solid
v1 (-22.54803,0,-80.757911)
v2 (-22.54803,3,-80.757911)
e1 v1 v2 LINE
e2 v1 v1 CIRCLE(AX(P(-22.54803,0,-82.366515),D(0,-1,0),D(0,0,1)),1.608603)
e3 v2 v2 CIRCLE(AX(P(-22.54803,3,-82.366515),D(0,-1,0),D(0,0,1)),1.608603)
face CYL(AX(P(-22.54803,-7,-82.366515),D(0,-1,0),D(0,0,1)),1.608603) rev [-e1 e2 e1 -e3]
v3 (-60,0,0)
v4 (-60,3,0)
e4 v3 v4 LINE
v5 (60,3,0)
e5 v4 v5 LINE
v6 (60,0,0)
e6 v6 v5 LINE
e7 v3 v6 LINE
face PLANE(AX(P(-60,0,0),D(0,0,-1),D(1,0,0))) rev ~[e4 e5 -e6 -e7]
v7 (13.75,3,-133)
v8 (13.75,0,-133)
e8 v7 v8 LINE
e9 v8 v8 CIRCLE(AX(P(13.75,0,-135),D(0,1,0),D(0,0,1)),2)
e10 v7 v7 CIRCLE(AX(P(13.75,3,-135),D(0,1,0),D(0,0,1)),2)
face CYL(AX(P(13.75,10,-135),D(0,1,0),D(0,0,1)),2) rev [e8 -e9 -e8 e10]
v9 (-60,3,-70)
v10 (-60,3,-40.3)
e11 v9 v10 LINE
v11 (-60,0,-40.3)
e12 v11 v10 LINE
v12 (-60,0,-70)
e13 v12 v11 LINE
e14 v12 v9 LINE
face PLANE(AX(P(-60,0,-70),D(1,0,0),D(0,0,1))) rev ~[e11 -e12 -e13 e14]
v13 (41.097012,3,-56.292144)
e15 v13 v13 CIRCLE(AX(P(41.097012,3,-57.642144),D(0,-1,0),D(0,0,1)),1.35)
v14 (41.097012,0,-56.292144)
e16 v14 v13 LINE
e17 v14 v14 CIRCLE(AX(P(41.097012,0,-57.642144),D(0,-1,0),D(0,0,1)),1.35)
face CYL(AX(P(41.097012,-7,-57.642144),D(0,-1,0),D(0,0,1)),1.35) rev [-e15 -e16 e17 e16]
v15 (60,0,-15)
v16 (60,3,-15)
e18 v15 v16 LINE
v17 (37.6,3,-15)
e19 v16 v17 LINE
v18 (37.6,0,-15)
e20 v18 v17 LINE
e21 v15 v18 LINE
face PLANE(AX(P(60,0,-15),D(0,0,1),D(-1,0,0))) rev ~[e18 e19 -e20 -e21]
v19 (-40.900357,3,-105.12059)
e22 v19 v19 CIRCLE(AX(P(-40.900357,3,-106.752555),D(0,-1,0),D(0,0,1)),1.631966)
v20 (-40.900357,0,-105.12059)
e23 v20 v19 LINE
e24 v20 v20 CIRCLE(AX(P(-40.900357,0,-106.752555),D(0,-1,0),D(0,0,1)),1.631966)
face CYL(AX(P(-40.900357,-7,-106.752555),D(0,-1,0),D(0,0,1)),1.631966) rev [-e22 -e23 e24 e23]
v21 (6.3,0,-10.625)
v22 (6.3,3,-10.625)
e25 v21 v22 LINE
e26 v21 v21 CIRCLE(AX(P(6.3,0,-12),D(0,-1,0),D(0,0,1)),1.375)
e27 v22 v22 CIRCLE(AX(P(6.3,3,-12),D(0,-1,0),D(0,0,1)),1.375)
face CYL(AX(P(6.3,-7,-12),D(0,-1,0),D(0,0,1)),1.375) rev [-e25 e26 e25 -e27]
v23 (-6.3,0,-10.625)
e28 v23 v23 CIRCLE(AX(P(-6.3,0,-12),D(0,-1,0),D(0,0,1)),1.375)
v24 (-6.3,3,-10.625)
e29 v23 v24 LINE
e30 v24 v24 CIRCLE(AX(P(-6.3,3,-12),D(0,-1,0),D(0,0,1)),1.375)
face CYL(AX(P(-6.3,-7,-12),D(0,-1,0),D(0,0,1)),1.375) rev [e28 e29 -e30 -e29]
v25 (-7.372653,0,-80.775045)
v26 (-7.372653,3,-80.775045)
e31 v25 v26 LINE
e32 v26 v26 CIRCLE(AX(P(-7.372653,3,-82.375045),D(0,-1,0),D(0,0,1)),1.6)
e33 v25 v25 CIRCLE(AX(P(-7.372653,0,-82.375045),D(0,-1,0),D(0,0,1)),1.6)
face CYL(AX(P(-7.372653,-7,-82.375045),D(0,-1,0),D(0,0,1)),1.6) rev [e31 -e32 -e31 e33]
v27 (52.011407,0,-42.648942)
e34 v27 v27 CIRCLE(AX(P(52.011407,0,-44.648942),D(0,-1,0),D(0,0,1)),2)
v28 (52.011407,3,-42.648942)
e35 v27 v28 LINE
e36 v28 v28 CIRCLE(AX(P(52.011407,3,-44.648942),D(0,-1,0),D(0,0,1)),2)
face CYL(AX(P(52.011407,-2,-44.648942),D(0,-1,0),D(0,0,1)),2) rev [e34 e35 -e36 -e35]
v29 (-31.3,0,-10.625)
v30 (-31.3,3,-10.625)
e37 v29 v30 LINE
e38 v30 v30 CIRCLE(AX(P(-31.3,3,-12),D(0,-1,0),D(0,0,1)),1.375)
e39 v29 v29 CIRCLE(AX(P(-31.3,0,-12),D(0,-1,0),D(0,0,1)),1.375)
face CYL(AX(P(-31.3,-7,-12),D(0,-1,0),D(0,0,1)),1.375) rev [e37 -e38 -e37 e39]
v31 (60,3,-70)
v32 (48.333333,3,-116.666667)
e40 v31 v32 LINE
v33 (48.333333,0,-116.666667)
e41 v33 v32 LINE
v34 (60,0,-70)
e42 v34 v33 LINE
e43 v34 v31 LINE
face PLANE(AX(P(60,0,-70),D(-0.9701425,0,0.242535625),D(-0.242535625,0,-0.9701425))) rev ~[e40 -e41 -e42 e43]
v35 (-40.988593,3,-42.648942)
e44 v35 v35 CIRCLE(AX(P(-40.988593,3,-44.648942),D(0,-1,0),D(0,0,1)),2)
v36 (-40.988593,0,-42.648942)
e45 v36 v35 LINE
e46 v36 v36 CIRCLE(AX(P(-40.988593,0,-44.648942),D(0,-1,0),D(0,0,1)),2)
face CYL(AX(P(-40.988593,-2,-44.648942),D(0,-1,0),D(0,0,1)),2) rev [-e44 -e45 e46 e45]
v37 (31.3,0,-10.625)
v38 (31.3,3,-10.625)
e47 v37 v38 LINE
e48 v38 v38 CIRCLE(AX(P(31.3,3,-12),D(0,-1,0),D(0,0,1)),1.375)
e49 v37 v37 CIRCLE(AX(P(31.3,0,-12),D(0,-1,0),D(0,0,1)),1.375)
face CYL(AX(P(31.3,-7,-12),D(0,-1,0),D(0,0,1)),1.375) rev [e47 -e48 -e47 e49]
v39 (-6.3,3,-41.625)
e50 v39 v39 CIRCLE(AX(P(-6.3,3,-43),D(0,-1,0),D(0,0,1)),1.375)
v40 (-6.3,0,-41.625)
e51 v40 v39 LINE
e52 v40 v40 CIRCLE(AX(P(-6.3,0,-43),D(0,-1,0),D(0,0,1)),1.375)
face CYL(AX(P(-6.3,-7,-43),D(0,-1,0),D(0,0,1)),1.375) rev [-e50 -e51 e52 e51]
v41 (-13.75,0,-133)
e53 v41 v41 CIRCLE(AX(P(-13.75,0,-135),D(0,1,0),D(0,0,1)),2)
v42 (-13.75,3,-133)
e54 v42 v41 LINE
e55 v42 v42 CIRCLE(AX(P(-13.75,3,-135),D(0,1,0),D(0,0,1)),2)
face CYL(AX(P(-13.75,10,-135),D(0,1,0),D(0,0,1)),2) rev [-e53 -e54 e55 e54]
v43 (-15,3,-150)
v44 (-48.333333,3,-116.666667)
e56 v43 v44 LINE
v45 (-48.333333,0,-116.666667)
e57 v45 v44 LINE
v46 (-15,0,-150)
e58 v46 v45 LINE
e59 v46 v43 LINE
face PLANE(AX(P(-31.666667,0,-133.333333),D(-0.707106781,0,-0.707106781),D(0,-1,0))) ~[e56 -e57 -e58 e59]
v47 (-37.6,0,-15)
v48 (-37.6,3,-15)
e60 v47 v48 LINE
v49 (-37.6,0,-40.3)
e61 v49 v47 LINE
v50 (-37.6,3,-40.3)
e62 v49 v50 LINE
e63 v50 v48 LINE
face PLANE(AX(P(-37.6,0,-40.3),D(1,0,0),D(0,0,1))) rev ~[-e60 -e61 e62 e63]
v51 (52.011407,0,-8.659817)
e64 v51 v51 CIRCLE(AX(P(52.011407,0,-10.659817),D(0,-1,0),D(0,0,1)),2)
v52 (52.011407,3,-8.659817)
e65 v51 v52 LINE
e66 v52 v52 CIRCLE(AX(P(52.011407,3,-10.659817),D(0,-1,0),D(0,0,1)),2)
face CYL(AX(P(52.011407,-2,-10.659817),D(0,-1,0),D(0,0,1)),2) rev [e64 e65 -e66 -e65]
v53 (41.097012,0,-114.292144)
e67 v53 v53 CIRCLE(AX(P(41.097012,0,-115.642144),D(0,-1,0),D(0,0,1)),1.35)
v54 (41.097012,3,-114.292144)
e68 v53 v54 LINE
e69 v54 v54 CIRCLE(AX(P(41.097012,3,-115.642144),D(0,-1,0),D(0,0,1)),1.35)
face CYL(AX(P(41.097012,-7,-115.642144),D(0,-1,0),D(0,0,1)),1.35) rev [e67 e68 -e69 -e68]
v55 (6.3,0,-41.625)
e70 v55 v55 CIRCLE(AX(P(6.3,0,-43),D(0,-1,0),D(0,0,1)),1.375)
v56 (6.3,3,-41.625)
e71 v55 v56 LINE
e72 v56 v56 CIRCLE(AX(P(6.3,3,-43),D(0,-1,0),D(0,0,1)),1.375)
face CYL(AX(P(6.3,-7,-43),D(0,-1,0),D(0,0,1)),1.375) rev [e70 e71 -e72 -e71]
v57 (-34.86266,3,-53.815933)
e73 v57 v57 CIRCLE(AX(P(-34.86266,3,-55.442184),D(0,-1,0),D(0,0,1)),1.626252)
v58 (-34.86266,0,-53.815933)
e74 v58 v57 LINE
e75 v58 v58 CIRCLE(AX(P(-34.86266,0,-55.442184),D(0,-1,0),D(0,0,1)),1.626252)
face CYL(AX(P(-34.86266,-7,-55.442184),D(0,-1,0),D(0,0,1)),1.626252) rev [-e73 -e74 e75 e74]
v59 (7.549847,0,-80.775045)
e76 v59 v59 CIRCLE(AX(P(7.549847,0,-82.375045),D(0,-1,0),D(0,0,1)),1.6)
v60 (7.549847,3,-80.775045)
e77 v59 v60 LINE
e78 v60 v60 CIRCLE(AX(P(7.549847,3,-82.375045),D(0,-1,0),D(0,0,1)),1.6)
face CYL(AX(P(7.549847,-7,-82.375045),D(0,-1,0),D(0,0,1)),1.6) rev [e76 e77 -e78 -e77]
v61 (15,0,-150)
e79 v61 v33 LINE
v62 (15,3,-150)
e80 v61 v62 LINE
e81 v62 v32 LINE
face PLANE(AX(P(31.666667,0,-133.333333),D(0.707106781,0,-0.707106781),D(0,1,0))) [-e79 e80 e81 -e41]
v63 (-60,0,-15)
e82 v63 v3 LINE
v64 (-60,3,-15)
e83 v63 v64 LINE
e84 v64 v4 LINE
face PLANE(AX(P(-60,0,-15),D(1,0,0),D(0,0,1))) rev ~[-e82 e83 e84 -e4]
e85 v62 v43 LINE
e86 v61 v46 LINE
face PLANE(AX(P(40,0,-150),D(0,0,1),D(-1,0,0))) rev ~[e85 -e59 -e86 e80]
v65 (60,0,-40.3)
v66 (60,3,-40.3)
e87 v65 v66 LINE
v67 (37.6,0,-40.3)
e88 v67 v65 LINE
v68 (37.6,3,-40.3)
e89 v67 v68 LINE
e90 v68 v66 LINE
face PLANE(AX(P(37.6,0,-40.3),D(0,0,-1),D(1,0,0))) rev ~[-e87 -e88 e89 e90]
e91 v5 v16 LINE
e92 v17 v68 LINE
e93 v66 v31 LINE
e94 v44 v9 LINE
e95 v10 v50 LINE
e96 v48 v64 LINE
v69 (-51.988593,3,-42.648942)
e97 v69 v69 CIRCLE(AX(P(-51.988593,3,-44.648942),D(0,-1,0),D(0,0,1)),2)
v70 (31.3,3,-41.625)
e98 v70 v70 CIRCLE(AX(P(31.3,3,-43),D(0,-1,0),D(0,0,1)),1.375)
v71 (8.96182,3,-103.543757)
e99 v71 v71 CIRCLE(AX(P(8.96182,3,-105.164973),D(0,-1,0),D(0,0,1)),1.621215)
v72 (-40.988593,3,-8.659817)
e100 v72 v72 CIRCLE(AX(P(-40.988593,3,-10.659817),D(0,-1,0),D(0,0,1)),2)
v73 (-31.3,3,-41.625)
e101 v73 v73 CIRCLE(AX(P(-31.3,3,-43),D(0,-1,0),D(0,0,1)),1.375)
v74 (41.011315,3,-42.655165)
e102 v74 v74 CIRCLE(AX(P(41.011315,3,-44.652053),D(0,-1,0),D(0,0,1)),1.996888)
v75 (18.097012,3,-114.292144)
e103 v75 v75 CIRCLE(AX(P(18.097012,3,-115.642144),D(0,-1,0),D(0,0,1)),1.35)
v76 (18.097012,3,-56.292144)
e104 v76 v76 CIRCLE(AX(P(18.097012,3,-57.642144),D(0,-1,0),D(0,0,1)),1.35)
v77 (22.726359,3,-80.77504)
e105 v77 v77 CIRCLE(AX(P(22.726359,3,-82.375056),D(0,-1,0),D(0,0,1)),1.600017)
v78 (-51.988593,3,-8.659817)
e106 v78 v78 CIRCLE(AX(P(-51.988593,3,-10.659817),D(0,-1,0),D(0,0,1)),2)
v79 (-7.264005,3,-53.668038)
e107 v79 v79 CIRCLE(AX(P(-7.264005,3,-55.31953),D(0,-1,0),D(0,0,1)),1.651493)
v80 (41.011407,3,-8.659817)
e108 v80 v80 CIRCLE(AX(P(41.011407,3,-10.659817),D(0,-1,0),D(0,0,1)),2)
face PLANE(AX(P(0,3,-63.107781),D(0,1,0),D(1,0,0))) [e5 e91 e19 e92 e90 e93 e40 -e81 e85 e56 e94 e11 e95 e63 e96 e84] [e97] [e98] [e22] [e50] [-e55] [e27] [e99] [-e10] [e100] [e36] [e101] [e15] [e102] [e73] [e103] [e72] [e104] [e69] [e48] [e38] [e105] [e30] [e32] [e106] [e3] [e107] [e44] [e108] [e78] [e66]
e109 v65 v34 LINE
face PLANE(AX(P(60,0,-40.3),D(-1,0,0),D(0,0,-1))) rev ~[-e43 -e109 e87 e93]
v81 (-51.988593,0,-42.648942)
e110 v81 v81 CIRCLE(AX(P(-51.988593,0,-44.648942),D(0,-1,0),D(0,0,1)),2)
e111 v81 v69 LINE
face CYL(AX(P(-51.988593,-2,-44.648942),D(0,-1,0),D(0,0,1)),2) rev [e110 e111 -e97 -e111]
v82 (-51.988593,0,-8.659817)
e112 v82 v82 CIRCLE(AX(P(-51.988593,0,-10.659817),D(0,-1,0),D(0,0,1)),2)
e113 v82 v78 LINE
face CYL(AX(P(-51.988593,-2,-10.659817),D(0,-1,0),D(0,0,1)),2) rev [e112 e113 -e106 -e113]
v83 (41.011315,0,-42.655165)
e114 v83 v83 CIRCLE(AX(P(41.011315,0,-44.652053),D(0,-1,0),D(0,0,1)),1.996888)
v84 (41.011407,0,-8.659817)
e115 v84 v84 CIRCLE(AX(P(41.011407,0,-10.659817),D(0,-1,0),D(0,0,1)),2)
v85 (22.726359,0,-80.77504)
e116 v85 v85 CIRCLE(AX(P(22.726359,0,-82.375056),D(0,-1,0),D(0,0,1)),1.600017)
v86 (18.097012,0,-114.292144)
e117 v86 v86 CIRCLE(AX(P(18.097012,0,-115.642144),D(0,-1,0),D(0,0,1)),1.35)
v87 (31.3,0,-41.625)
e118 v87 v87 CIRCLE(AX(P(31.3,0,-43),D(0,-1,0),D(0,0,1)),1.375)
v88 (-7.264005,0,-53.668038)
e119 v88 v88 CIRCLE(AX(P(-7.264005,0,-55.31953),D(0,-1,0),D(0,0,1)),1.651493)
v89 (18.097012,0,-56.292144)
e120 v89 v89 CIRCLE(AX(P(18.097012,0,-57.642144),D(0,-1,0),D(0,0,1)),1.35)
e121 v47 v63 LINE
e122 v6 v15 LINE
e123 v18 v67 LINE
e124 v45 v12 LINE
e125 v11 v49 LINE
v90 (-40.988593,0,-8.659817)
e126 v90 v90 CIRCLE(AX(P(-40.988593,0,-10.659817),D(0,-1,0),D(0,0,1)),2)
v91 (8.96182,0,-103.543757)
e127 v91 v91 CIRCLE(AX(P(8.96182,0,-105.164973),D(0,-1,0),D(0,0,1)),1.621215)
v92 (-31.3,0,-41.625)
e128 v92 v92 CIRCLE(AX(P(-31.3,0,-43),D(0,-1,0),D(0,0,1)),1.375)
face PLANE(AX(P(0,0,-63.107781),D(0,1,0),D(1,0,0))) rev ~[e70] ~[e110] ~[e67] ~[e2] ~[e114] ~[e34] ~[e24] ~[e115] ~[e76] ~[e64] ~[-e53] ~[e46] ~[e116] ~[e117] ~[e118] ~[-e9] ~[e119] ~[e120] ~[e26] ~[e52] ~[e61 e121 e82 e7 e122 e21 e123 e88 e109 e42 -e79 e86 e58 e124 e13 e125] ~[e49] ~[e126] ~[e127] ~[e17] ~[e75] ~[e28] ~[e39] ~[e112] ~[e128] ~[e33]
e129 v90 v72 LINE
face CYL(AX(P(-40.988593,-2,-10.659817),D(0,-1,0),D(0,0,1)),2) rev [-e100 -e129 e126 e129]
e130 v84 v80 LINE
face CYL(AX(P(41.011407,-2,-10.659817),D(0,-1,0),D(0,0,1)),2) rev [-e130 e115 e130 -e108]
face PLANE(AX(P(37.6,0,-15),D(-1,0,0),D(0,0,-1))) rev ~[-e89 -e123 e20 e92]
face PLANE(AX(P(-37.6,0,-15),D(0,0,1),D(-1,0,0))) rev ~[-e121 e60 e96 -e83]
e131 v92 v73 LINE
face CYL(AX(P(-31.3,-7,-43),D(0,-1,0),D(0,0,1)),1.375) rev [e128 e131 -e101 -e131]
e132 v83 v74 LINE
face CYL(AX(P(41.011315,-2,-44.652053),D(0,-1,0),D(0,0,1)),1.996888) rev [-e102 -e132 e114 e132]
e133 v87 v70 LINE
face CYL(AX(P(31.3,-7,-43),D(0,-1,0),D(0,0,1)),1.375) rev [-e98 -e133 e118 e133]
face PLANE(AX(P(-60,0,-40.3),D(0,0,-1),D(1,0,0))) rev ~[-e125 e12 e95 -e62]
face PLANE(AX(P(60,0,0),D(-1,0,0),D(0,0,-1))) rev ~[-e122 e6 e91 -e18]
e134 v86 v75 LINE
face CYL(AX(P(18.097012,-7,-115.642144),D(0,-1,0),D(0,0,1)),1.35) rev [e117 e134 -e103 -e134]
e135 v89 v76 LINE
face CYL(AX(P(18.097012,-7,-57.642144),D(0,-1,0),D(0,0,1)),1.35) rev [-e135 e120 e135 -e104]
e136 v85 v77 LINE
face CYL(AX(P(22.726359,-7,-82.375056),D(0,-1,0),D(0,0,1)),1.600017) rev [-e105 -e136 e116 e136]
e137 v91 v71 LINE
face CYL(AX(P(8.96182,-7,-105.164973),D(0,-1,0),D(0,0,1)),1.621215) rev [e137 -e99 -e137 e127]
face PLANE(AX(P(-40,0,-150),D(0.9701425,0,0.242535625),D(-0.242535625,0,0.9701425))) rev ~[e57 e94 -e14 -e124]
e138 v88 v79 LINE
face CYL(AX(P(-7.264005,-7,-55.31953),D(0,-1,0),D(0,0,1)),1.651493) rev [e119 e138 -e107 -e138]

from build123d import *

# Parameters (mm, degrees)
BOSS_EXTRUDE1_DEPTH     = 3
CUT_EXTRUDE1_DEPTH      = 10
CUT_EXTRUDE1_DEPTH_BACK = 10
SKETCH2_R               = 1.375
CUT_EXTRUDE2_DEPTH      = 10
CUT_EXTRUDE2_DEPTH_BACK = 10
SKETCH4_R               = 1.6086033
SKETCH4_R_2             = 1.6
SKETCH4_R_3             = 1.600016576
SKETCH4_R_4             = 1.599999999
CUT_EXTRUDE3_DEPTH      = 5
CUT_EXTRUDE3_DEPTH_BACK = 5
SKETCH5_R               = 2
SKETCH5_R_2             = 1.996887868
CHAMFER1_SIZE           = 25
CHAMFER1_SIZE2          = 34.359213547
CUT_EXTRUDE4_DEPTH      = 10
CUT_EXTRUDE4_DEPTH_BACK = 10
SKETCH6_R               = 1.631965818
SKETCH6_R_2             = 1.621215412
SKETCH6_R_3             = 1.651492617
SKETCH6_R_4             = 1.62625173
CUT_EXTRUDE5_DEPTH      = 10
CUT_EXTRUDE5_DEPTH_BACK = 10
SKETCH7_R               = 1.35
CUT_EXTRUDE6_DEPTH      = 10
CUT_EXTRUDE6_DEPTH_BACK = 10
SKETCH8_R               = 2


with BuildPart() as part:
    # Sketch1 → Boss-Extrude1 (new body)
    with BuildSketch(Plane(origin=(0, 0, 0), x_dir=(1, 0, 0), z_dir=(0, 1, 0))):
        Polygon((-60, 15), (-60, 0), (60, 0), (60, 15), (37.6, 15), (37.6, 40.3), (60, 40.3), (60, 70), (40, 150), (-40, 150), (-60, 70), (-60, 40.3), (-37.6, 40.3), (-37.6, 15), align=None)
    extrude(amount=BOSS_EXTRUDE1_DEPTH)

    # Sketch2 → Cut-Extrude1 (cut, two sides: drawn at the far end of the back side and taken through both)
    with BuildSketch(Plane(origin=(0, 3, 0), x_dir=(1, 0, 0), z_dir=(0, 1, 0)).offset(-CUT_EXTRUDE1_DEPTH_BACK)):
        with Locations((-31.3, 43)):
            Circle(SKETCH2_R)
        with Locations((-6.3, 43)):
            Circle(SKETCH2_R)
        with Locations((-6.3, 12)):
            Circle(SKETCH2_R)
        with Locations((-31.3, 12)):
            Circle(SKETCH2_R)
        with Locations((6.3, 43)):
            Circle(SKETCH2_R)
        with Locations((31.3, 43)):
            Circle(SKETCH2_R)
        with Locations((31.3, 12)):
            Circle(SKETCH2_R)
        with Locations((6.3, 12)):
            Circle(SKETCH2_R)
    extrude(amount=CUT_EXTRUDE1_DEPTH + CUT_EXTRUDE1_DEPTH_BACK, mode=Mode.SUBTRACT)

    # Sketch4 → Cut-Extrude2 (cut, two sides: drawn at the far end of the back side and taken through both)
    with BuildSketch(Plane(origin=(0, 3, 0), x_dir=(1, 0, 0), z_dir=(0, 1, 0)).offset(-CUT_EXTRUDE2_DEPTH_BACK)):
        with Locations((-22.548030216, 82.366514772)):
            Circle(SKETCH4_R)
        with Locations((-7.372652758, 82.375044524)):
            Circle(SKETCH4_R_2)
        with Locations((22.726359118, 82.375056093)):
            Circle(SKETCH4_R_3)
        with Locations((7.549847242, 82.375044524)):
            Circle(SKETCH4_R_4)
    extrude(amount=CUT_EXTRUDE2_DEPTH + CUT_EXTRUDE2_DEPTH_BACK, mode=Mode.SUBTRACT)

    # Sketch5 → Cut-Extrude3 (cut, two sides: drawn at the far end of the back side and taken through both)
    with BuildSketch(Plane(origin=(0, 3, 0), x_dir=(1, 0, 0), z_dir=(0, 1, 0)).offset(-CUT_EXTRUDE3_DEPTH_BACK)):
        with Locations((-51.988593255, 44.648942023)):
            Circle(SKETCH5_R)
        with Locations((-40.988593255, 44.648942023)):
            Circle(SKETCH5_R)
        with Locations((-51.988593255, 10.65981673)):
            Circle(SKETCH5_R)
        with Locations((-40.988593255, 10.65981673)):
            Circle(SKETCH5_R)
        with Locations((41.011406745, 10.65981673)):
            Circle(SKETCH5_R)
        with Locations((52.011406745, 10.65981673)):
            Circle(SKETCH5_R)
        with Locations((52.011406745, 44.648942023)):
            Circle(SKETCH5_R)
        with Locations((41.01131511, 44.652052806)):
            Circle(SKETCH5_R_2)
    extrude(amount=CUT_EXTRUDE3_DEPTH + CUT_EXTRUDE3_DEPTH_BACK, mode=Mode.SUBTRACT)

    # Chamfer1
    chamfer1_edges = [part.edges().sort_by_distance(p)[0] for p in [
        (-40, 1.5, -150),
        (40, 1.5, -150),
    ]]
    chamfer1_side = [part.faces().sort_by_distance(p)[0] for p in [
        (0, 1.5, -150),
    ]]
    chamfer(chamfer1_edges, length=CHAMFER1_SIZE, length2=CHAMFER1_SIZE2, reference=chamfer1_side[0])

    # Sketch6 → Cut-Extrude4 (cut, two sides: drawn at the far end of the back side and taken through both)
    with BuildSketch(Plane(origin=(0, 3, 0), x_dir=(1, 0, 0), z_dir=(0, 1, 0)).offset(-CUT_EXTRUDE4_DEPTH_BACK)):
        with Locations((-40.900357492, 106.752555334)):
            Circle(SKETCH6_R)
        with Locations((8.961819516, 105.164972563)):
            Circle(SKETCH6_R_2)
        with Locations((-7.264004675, 55.319530138)):
            Circle(SKETCH6_R_3)
        with Locations((-34.862659576, 55.442184264)):
            Circle(SKETCH6_R_4)
    extrude(amount=CUT_EXTRUDE4_DEPTH + CUT_EXTRUDE4_DEPTH_BACK, mode=Mode.SUBTRACT)

    # Sketch7 → Cut-Extrude5 (cut, two sides: drawn at the far end of the back side and taken through both)
    with BuildSketch(Plane(origin=(0, 3, 0), x_dir=(1, 0, 0), z_dir=(0, 1, 0)).offset(-CUT_EXTRUDE5_DEPTH_BACK)):
        with Locations((18.097012052, 115.64214419)):
            Circle(SKETCH7_R)
        with Locations((41.097012052, 115.64214419)):
            Circle(SKETCH7_R)
        with Locations((18.097012052, 57.64214419)):
            Circle(SKETCH7_R)
        with Locations((41.097012052, 57.64214419)):
            Circle(SKETCH7_R)
    extrude(amount=CUT_EXTRUDE5_DEPTH + CUT_EXTRUDE5_DEPTH_BACK, mode=Mode.SUBTRACT)

    # Sketch8 → Cut-Extrude6 (cut, two sides: drawn at the far end of the back side and taken through both)
    with BuildSketch(Plane.XZ.offset(-CUT_EXTRUDE6_DEPTH_BACK)):
        with Locations((13.75, -135)):
            Circle(SKETCH8_R)
        with Locations((-13.75, -135)):
            Circle(SKETCH8_R)
    extrude(amount=CUT_EXTRUDE6_DEPTH + CUT_EXTRUDE6_DEPTH_BACK, mode=Mode.SUBTRACT)


solid = part.part
